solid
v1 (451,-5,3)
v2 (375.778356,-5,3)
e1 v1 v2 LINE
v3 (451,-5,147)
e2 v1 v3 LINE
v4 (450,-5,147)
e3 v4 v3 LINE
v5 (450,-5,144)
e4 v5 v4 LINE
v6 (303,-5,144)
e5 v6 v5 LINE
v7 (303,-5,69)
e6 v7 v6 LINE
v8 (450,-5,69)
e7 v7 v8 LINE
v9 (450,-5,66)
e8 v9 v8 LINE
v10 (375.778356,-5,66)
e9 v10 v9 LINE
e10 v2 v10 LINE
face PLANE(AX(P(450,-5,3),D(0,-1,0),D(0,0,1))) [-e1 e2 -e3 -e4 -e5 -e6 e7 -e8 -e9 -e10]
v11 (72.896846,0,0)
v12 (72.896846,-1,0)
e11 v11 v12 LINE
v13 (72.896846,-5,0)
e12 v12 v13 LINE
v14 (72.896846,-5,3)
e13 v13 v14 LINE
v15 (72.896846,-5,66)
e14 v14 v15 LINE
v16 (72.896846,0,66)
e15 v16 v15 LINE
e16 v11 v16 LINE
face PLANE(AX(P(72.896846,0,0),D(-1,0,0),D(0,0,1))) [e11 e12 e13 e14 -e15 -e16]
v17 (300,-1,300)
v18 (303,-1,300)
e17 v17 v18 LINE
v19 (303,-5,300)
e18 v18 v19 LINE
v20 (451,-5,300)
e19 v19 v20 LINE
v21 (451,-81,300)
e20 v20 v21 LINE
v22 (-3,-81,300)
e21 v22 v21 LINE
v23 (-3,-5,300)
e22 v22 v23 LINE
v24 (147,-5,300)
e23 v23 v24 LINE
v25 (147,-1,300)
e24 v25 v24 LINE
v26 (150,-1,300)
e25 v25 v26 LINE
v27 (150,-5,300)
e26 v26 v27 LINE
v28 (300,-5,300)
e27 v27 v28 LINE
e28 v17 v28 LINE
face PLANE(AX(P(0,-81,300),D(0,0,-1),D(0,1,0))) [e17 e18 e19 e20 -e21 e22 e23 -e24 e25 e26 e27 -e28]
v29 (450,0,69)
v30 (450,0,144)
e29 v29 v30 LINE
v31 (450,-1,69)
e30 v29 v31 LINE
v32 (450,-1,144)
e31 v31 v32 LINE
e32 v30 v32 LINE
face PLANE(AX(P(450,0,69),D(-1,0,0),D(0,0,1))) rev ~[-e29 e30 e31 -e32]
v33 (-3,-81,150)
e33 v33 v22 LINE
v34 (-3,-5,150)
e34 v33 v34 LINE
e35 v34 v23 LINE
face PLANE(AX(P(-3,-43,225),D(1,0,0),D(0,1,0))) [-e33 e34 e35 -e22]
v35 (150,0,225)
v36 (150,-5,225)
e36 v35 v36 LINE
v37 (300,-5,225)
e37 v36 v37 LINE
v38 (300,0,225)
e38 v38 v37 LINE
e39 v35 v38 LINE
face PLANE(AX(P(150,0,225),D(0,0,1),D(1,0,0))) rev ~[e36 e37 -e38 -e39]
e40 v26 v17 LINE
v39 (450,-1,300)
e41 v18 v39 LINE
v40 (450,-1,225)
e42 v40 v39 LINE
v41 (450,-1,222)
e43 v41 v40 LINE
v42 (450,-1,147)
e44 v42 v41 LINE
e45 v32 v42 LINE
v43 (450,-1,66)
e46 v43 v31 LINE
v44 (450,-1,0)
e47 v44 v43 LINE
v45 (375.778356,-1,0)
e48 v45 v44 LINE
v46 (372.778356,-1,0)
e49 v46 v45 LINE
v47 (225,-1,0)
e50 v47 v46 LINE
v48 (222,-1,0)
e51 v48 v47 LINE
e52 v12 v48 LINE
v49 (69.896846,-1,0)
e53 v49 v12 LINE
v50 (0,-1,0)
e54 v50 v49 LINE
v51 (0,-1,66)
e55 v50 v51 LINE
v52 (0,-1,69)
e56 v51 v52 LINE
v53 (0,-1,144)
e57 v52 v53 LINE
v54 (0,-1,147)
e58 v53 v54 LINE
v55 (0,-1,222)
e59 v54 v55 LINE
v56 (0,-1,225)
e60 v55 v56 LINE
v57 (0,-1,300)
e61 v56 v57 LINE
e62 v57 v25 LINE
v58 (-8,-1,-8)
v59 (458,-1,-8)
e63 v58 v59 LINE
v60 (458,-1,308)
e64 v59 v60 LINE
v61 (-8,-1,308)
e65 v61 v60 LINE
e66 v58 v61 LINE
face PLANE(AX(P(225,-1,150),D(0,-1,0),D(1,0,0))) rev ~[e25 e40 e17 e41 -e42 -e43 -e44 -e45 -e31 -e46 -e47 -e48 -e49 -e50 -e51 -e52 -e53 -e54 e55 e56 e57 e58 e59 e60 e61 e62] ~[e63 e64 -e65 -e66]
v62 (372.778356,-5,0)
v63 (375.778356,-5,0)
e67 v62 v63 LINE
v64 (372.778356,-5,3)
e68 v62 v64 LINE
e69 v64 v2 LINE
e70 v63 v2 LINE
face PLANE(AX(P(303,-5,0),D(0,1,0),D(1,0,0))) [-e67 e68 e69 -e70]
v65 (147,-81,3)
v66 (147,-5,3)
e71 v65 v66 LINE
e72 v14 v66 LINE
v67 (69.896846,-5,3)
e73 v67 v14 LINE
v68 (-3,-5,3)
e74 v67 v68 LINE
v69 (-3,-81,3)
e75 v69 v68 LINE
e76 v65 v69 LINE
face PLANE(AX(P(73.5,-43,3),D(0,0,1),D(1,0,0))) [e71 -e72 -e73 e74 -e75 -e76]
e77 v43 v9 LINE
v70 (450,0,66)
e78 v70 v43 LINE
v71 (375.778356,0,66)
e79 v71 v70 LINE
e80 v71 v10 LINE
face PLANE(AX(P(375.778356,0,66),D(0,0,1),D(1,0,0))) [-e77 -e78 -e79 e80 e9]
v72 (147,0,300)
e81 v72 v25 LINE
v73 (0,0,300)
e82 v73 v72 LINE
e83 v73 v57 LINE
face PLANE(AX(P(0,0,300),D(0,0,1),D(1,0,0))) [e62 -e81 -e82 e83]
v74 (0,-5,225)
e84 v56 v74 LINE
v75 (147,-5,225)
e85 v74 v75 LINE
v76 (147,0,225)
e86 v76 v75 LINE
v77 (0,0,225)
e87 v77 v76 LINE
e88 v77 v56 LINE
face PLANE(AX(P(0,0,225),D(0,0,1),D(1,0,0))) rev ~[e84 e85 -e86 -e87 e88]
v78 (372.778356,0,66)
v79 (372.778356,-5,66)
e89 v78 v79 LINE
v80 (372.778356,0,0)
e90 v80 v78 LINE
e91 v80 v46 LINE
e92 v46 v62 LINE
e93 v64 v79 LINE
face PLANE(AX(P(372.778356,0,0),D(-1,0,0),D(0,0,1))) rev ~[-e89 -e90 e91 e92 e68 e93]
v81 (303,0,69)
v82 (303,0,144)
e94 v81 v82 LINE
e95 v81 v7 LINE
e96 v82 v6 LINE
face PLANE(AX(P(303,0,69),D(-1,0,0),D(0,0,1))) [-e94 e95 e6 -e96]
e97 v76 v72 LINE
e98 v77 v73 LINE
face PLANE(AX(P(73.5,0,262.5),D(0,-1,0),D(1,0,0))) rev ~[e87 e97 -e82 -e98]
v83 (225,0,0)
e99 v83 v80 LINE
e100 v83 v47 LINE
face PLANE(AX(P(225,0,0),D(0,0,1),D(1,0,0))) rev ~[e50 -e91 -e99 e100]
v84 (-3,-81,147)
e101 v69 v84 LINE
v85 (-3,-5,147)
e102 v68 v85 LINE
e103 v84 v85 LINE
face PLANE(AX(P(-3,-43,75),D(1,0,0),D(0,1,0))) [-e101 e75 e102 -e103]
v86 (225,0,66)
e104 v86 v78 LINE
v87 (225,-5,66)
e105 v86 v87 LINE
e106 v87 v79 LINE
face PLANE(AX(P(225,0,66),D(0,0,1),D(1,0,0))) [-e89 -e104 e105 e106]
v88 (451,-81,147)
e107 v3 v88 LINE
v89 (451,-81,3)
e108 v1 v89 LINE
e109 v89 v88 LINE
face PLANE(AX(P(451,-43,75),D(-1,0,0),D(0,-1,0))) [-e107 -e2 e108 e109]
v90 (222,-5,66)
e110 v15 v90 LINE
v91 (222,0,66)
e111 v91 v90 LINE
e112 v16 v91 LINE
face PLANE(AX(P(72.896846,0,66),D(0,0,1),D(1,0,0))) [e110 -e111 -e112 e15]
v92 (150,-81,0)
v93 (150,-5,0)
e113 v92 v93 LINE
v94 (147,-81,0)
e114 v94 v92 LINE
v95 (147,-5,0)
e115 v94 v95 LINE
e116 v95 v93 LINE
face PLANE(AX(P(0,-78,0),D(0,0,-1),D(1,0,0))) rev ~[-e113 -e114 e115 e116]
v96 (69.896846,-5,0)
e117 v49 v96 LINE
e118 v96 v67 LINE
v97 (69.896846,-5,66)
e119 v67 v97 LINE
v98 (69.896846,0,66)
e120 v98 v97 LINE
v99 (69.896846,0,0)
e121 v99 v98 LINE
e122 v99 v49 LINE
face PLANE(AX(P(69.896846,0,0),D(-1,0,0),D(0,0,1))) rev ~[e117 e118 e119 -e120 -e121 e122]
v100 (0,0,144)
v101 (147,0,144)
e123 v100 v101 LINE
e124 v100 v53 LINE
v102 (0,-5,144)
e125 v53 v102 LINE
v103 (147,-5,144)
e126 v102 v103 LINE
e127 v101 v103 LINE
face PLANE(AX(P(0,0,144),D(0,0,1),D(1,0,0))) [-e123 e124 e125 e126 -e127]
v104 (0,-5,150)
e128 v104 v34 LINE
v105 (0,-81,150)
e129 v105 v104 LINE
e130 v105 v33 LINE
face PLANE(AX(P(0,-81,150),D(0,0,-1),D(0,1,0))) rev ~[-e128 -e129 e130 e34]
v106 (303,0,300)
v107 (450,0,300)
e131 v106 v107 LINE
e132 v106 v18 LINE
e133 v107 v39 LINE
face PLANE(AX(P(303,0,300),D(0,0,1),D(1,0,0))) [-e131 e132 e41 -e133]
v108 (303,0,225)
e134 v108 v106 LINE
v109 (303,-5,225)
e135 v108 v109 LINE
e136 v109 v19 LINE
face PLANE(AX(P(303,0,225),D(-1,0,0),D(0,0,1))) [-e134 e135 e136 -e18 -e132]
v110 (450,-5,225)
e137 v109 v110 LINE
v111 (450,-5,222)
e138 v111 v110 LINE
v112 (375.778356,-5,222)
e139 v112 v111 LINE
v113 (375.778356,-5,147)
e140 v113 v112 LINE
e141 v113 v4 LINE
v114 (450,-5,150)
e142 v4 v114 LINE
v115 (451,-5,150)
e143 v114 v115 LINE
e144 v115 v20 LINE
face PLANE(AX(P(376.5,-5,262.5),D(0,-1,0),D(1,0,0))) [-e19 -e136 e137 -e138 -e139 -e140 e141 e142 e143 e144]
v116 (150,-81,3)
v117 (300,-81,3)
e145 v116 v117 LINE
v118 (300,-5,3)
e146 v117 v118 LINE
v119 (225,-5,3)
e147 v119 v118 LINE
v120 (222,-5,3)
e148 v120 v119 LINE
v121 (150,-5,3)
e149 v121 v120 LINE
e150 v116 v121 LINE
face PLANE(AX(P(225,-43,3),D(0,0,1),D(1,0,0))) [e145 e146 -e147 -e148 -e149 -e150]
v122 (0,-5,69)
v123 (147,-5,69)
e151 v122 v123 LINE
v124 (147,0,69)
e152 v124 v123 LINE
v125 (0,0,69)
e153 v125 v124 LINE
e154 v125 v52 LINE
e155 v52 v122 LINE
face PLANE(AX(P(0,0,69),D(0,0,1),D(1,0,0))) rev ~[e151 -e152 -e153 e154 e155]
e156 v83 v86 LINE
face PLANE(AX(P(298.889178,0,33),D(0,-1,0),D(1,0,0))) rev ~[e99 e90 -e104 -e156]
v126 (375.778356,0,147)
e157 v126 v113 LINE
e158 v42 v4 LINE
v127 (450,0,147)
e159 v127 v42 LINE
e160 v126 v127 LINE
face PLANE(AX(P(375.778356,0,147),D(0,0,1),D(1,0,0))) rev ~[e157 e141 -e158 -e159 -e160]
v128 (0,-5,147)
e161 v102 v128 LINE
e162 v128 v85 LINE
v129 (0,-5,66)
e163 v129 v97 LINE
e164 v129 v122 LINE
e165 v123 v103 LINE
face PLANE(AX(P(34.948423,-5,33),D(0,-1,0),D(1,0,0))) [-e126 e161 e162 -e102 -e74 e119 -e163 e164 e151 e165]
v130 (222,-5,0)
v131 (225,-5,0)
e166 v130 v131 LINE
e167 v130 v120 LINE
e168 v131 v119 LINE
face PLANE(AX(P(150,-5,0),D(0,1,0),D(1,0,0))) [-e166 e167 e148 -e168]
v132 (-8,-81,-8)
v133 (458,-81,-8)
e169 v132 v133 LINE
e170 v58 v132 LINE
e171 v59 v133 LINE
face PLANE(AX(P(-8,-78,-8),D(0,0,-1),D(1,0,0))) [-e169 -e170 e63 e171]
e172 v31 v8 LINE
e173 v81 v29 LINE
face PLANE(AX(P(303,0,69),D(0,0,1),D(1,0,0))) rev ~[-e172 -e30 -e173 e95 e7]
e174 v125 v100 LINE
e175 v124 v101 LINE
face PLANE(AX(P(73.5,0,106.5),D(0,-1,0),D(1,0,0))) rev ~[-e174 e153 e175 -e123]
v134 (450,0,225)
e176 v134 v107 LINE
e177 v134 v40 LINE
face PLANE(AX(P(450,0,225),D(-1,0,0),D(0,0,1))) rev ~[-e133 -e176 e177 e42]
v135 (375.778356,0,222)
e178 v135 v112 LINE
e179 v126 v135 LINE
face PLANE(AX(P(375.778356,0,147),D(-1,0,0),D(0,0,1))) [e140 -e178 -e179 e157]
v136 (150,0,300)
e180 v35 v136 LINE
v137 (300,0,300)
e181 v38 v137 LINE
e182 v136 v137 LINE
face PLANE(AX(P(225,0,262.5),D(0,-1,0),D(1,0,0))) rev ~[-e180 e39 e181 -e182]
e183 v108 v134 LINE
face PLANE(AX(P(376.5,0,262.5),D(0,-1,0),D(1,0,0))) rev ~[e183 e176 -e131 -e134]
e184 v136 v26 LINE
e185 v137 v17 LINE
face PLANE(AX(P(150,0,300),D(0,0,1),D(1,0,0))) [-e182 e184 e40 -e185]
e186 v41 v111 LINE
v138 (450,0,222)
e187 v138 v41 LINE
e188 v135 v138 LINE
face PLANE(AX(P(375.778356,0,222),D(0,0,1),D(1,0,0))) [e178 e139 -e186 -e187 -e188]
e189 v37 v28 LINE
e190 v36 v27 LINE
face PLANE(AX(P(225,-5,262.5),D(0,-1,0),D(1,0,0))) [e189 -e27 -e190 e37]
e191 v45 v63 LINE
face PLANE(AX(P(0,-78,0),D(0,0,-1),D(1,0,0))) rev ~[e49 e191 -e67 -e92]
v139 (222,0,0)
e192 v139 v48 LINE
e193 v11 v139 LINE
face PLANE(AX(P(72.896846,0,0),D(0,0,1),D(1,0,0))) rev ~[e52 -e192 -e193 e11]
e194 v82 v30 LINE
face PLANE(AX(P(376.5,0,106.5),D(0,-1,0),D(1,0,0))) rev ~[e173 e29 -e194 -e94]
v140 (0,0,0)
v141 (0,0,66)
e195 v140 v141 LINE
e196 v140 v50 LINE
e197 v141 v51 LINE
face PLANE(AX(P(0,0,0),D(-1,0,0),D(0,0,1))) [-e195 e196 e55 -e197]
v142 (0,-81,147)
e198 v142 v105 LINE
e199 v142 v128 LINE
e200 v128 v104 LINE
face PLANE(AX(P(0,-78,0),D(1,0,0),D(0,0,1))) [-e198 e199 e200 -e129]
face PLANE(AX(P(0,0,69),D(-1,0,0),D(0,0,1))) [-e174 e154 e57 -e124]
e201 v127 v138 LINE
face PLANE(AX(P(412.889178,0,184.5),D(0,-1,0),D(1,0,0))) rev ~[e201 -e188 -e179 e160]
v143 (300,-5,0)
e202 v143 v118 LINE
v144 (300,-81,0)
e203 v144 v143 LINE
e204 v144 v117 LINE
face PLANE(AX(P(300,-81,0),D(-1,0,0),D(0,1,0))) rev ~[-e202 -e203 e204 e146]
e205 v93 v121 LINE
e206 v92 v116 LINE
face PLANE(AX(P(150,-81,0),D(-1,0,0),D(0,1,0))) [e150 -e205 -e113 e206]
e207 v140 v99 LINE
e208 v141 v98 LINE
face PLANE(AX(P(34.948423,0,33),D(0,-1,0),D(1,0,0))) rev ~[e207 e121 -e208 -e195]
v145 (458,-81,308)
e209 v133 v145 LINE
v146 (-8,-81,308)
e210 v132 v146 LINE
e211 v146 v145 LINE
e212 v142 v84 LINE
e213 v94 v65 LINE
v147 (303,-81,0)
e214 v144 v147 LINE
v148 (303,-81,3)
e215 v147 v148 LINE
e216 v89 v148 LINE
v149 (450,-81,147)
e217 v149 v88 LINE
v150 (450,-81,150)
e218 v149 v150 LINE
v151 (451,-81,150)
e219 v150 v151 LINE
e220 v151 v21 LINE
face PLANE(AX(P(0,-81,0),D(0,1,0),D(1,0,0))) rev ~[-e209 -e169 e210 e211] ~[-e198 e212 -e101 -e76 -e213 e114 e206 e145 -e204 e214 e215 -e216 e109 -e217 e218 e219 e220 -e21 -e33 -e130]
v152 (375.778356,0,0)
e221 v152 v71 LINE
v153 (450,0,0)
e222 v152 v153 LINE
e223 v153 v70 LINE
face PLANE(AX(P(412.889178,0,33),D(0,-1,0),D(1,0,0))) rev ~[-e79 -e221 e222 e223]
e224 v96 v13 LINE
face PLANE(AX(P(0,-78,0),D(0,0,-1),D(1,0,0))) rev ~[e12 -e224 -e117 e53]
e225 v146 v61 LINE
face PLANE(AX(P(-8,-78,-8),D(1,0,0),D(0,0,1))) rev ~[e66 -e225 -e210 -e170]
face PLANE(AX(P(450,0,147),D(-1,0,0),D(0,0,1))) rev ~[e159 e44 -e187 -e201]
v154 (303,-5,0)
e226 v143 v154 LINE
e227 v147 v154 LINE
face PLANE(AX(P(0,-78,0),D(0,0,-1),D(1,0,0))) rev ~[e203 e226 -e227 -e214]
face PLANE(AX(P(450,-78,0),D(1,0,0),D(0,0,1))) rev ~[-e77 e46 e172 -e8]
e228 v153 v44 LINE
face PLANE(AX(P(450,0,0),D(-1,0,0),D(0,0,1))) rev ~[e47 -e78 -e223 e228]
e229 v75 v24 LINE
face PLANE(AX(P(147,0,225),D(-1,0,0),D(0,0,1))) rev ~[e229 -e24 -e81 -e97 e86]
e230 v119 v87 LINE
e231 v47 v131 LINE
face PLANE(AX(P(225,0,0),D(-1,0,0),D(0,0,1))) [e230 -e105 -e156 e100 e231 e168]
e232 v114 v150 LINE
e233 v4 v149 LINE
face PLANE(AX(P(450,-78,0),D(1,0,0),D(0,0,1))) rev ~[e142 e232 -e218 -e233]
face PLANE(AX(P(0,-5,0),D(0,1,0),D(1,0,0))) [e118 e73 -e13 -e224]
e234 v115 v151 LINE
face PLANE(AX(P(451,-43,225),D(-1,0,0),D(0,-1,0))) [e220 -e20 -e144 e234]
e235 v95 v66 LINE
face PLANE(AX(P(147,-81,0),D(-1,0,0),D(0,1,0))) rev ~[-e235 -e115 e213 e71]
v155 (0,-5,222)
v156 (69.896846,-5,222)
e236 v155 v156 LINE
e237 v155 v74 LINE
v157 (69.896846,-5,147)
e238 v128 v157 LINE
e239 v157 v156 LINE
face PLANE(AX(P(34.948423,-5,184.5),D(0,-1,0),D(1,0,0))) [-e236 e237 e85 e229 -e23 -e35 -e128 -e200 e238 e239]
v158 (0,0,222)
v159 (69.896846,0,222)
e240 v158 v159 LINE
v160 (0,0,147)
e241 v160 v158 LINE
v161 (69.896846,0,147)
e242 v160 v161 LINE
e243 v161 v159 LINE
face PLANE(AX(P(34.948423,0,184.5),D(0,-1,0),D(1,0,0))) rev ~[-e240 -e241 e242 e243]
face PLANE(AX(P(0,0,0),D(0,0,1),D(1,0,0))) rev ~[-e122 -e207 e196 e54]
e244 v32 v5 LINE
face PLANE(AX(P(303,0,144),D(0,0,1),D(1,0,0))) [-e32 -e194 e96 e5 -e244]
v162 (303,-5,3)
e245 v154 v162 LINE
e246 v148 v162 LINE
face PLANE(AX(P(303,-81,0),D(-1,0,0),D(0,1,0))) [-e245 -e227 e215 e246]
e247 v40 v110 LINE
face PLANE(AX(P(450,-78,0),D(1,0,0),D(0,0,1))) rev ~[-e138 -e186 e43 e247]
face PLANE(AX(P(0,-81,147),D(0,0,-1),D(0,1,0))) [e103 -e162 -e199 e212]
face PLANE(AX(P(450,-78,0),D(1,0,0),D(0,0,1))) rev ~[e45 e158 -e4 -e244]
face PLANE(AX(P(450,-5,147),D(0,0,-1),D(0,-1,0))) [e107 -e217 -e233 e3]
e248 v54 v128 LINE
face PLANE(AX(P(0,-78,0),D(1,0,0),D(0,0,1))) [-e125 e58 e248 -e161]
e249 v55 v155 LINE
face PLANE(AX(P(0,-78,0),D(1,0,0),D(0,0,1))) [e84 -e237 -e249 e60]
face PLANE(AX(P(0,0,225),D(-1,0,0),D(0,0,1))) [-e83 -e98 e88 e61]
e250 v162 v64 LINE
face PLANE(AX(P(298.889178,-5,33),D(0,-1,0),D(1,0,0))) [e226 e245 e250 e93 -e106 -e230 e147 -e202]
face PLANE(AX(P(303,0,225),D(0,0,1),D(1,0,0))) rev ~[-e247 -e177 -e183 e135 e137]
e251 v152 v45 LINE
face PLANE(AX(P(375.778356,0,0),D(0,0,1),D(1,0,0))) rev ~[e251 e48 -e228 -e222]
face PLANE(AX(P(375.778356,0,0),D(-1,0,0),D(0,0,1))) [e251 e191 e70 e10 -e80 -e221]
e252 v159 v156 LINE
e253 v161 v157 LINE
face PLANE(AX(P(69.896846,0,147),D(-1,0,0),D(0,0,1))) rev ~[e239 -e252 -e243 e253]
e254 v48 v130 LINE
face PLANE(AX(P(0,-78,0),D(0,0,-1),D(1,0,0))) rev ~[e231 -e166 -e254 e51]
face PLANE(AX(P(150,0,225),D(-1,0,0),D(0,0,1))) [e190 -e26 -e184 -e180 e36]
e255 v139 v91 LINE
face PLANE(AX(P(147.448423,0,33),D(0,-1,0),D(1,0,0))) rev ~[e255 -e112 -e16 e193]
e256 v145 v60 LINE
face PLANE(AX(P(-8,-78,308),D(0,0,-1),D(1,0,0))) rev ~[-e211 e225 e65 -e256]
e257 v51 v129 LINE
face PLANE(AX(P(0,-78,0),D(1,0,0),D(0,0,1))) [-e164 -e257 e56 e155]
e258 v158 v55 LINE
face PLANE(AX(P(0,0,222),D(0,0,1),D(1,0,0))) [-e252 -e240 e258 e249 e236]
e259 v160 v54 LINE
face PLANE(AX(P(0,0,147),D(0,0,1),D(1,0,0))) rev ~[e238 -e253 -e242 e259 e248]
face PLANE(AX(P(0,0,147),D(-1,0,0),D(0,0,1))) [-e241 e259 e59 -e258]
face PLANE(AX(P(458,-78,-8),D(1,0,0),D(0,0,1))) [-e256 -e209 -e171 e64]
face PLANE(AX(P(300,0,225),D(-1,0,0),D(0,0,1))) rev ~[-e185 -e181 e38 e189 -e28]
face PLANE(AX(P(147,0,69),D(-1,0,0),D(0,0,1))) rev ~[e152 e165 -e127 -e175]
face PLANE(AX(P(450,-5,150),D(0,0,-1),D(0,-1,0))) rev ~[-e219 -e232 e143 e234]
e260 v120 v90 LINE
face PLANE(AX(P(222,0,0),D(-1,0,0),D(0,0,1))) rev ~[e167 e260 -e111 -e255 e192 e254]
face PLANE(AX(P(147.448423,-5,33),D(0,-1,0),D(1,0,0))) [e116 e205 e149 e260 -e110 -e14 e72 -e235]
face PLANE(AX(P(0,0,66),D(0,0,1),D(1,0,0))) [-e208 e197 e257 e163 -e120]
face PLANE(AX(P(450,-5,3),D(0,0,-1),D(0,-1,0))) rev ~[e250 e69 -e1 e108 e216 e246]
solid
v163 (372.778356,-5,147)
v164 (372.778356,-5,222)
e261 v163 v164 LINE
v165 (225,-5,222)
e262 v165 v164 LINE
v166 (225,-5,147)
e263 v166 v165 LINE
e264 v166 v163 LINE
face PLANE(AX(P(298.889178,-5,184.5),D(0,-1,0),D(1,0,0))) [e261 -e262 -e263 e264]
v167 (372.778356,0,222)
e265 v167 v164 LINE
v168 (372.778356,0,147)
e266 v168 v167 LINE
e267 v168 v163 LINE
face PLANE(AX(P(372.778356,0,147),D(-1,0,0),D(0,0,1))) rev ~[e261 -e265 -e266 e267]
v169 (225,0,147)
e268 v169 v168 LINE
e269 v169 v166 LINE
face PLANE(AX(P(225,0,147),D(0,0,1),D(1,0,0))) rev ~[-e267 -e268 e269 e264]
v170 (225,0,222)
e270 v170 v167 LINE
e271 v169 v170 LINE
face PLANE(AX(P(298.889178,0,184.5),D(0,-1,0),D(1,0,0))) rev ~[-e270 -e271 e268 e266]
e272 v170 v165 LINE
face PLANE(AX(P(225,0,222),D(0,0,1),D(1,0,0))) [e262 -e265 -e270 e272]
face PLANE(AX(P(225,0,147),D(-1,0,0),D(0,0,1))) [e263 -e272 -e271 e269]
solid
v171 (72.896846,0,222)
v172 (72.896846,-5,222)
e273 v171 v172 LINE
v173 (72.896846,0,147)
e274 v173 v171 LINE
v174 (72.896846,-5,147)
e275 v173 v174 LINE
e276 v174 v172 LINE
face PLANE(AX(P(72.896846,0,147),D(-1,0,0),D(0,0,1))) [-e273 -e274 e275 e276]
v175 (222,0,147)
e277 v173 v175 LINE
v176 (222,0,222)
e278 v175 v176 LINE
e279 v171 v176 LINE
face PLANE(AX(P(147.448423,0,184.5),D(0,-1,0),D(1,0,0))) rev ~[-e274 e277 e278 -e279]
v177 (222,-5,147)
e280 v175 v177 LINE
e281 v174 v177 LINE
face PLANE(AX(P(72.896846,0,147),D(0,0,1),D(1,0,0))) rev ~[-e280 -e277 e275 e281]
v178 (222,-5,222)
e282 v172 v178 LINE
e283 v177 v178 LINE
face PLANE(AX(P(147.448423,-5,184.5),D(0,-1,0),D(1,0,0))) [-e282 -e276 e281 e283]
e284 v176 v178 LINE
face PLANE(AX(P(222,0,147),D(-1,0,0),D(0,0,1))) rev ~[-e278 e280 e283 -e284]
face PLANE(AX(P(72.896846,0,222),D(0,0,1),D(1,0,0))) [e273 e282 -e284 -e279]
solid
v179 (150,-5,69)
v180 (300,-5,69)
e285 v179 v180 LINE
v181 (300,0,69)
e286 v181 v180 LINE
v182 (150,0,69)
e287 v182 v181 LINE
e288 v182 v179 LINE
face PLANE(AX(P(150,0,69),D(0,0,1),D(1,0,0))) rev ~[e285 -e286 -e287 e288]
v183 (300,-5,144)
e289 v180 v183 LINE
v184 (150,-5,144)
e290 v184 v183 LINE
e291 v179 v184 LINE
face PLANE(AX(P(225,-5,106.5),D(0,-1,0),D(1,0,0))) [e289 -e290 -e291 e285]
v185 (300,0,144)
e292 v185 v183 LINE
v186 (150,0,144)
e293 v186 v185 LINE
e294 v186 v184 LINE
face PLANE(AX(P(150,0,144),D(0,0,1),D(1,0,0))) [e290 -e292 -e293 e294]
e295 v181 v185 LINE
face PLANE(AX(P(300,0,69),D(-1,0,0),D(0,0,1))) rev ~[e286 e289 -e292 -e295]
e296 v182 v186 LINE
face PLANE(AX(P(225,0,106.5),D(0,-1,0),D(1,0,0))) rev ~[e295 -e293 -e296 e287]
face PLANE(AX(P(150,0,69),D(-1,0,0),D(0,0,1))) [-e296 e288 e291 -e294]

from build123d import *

# Parameters (mm, degrees)
F2_W          = 466
F2_H          = 316
F2_W_2        = 450
F2_H_2        = 300
F3_DEPTH      = 3
F3_DEPTH_BACK = 77
F4_W          = 147
F4_H          = 75
F4_W_2        = 150
F4_W_3        = 69.896846
F4_W_4        = 149.103154
F4_W_5        = 147.778356
F4_W_6        = 74.221644
F4_H_2        = 66
F5_DEPTH      = 5
F6_W          = 147
F6_H          = 76
F6_W_2        = 150
F7_DEPTH      = 3
F8_W          = 76
F8_H          = 150
F8_H_2        = 144
F9_DEPTH      = 3
F10_W         = 76
F10_H         = 150
F10_H_2       = 144
F11_DEPTH     = 1


with BuildPart() as f3:
    # F2 (on offset) → F3 (new body, two sides)
    with BuildSketch(Plane.XZ.offset(78)) as f3_sk:
        with Locations((225, 150)):
            Rectangle(F2_W, F2_H)
        with Locations((225, 150)):
            Rectangle(F2_W_2, F2_H_2, mode=Mode.SUBTRACT)
    extrude(amount=F3_DEPTH)
    extrude(f3_sk.sketch, amount=-F3_DEPTH_BACK)

    # F4 (on Front) → F5 (join)
    with BuildSketch(Plane.XZ):
        with Locations((73.5, 262.5)):
            Rectangle(F4_W, F4_H)
        with Locations((225, 262.5)):
            Rectangle(F4_W_2, F4_H)
        with Locations((376.5, 262.5)):
            Rectangle(F4_W, F4_H)
        with Locations((34.948423, 184.5)):
            Rectangle(F4_W_3, F4_H)
        with Locations((147.448423, 184.5)):
            Rectangle(F4_W_4, F4_H)
        with Locations((298.889178, 184.5)):
            Rectangle(F4_W_5, F4_H)
        with Locations((412.889178, 184.5)):
            Rectangle(F4_W_6, F4_H)
        with Locations((376.5, 106.5)):
            Rectangle(F4_W, F4_H)
        with Locations((225, 106.5)):
            Rectangle(F4_W_2, F4_H)
        with Locations((73.5, 106.5)):
            Rectangle(F4_W, F4_H)
        with Locations((147.448423, 33)):
            Rectangle(F4_W_4, F4_H_2)
        with Locations((34.948423, 33)):
            Rectangle(F4_W_3, F4_H_2)
        with Locations((298.889178, 33)):
            Rectangle(F4_W_5, F4_H_2)
        with Locations((412.889178, 33)):
            Rectangle(F4_W_6, F4_H_2)
    extrude(amount=F5_DEPTH)

    # F6 (on face) → F7 (join)
    with BuildSketch(Plane.XY):
        with Locations((73.5, -43)):
            Rectangle(F6_W, F6_H)
        with Locations((225, -43)):
            Rectangle(F6_W_2, F6_H)
        with Locations((376.5, -43)):
            Rectangle(F6_W, F6_H)
    extrude(amount=F7_DEPTH)

    # F8 (on face) → F9 (cut)
    with BuildSketch(Plane.YZ):
        with Locations((-43, 225)):
            Rectangle(F8_W, F8_H)
        with Locations((-43, 75)):
            Rectangle(F8_W, F8_H_2)
    extrude(amount=-F9_DEPTH, mode=Mode.SUBTRACT)

    # F10 (on face) → F11 (cut)
    with BuildSketch(Plane(origin=(450, 0, 0), x_dir=(0, -1, 0), z_dir=(-1, 0, 0))):
        with Locations((43, 225)):
            Rectangle(F10_W, F10_H)
        with Locations((43, 75)):
            Rectangle(F10_W, F10_H_2)
    extrude(amount=-F11_DEPTH, mode=Mode.SUBTRACT)


solid = f3.part
